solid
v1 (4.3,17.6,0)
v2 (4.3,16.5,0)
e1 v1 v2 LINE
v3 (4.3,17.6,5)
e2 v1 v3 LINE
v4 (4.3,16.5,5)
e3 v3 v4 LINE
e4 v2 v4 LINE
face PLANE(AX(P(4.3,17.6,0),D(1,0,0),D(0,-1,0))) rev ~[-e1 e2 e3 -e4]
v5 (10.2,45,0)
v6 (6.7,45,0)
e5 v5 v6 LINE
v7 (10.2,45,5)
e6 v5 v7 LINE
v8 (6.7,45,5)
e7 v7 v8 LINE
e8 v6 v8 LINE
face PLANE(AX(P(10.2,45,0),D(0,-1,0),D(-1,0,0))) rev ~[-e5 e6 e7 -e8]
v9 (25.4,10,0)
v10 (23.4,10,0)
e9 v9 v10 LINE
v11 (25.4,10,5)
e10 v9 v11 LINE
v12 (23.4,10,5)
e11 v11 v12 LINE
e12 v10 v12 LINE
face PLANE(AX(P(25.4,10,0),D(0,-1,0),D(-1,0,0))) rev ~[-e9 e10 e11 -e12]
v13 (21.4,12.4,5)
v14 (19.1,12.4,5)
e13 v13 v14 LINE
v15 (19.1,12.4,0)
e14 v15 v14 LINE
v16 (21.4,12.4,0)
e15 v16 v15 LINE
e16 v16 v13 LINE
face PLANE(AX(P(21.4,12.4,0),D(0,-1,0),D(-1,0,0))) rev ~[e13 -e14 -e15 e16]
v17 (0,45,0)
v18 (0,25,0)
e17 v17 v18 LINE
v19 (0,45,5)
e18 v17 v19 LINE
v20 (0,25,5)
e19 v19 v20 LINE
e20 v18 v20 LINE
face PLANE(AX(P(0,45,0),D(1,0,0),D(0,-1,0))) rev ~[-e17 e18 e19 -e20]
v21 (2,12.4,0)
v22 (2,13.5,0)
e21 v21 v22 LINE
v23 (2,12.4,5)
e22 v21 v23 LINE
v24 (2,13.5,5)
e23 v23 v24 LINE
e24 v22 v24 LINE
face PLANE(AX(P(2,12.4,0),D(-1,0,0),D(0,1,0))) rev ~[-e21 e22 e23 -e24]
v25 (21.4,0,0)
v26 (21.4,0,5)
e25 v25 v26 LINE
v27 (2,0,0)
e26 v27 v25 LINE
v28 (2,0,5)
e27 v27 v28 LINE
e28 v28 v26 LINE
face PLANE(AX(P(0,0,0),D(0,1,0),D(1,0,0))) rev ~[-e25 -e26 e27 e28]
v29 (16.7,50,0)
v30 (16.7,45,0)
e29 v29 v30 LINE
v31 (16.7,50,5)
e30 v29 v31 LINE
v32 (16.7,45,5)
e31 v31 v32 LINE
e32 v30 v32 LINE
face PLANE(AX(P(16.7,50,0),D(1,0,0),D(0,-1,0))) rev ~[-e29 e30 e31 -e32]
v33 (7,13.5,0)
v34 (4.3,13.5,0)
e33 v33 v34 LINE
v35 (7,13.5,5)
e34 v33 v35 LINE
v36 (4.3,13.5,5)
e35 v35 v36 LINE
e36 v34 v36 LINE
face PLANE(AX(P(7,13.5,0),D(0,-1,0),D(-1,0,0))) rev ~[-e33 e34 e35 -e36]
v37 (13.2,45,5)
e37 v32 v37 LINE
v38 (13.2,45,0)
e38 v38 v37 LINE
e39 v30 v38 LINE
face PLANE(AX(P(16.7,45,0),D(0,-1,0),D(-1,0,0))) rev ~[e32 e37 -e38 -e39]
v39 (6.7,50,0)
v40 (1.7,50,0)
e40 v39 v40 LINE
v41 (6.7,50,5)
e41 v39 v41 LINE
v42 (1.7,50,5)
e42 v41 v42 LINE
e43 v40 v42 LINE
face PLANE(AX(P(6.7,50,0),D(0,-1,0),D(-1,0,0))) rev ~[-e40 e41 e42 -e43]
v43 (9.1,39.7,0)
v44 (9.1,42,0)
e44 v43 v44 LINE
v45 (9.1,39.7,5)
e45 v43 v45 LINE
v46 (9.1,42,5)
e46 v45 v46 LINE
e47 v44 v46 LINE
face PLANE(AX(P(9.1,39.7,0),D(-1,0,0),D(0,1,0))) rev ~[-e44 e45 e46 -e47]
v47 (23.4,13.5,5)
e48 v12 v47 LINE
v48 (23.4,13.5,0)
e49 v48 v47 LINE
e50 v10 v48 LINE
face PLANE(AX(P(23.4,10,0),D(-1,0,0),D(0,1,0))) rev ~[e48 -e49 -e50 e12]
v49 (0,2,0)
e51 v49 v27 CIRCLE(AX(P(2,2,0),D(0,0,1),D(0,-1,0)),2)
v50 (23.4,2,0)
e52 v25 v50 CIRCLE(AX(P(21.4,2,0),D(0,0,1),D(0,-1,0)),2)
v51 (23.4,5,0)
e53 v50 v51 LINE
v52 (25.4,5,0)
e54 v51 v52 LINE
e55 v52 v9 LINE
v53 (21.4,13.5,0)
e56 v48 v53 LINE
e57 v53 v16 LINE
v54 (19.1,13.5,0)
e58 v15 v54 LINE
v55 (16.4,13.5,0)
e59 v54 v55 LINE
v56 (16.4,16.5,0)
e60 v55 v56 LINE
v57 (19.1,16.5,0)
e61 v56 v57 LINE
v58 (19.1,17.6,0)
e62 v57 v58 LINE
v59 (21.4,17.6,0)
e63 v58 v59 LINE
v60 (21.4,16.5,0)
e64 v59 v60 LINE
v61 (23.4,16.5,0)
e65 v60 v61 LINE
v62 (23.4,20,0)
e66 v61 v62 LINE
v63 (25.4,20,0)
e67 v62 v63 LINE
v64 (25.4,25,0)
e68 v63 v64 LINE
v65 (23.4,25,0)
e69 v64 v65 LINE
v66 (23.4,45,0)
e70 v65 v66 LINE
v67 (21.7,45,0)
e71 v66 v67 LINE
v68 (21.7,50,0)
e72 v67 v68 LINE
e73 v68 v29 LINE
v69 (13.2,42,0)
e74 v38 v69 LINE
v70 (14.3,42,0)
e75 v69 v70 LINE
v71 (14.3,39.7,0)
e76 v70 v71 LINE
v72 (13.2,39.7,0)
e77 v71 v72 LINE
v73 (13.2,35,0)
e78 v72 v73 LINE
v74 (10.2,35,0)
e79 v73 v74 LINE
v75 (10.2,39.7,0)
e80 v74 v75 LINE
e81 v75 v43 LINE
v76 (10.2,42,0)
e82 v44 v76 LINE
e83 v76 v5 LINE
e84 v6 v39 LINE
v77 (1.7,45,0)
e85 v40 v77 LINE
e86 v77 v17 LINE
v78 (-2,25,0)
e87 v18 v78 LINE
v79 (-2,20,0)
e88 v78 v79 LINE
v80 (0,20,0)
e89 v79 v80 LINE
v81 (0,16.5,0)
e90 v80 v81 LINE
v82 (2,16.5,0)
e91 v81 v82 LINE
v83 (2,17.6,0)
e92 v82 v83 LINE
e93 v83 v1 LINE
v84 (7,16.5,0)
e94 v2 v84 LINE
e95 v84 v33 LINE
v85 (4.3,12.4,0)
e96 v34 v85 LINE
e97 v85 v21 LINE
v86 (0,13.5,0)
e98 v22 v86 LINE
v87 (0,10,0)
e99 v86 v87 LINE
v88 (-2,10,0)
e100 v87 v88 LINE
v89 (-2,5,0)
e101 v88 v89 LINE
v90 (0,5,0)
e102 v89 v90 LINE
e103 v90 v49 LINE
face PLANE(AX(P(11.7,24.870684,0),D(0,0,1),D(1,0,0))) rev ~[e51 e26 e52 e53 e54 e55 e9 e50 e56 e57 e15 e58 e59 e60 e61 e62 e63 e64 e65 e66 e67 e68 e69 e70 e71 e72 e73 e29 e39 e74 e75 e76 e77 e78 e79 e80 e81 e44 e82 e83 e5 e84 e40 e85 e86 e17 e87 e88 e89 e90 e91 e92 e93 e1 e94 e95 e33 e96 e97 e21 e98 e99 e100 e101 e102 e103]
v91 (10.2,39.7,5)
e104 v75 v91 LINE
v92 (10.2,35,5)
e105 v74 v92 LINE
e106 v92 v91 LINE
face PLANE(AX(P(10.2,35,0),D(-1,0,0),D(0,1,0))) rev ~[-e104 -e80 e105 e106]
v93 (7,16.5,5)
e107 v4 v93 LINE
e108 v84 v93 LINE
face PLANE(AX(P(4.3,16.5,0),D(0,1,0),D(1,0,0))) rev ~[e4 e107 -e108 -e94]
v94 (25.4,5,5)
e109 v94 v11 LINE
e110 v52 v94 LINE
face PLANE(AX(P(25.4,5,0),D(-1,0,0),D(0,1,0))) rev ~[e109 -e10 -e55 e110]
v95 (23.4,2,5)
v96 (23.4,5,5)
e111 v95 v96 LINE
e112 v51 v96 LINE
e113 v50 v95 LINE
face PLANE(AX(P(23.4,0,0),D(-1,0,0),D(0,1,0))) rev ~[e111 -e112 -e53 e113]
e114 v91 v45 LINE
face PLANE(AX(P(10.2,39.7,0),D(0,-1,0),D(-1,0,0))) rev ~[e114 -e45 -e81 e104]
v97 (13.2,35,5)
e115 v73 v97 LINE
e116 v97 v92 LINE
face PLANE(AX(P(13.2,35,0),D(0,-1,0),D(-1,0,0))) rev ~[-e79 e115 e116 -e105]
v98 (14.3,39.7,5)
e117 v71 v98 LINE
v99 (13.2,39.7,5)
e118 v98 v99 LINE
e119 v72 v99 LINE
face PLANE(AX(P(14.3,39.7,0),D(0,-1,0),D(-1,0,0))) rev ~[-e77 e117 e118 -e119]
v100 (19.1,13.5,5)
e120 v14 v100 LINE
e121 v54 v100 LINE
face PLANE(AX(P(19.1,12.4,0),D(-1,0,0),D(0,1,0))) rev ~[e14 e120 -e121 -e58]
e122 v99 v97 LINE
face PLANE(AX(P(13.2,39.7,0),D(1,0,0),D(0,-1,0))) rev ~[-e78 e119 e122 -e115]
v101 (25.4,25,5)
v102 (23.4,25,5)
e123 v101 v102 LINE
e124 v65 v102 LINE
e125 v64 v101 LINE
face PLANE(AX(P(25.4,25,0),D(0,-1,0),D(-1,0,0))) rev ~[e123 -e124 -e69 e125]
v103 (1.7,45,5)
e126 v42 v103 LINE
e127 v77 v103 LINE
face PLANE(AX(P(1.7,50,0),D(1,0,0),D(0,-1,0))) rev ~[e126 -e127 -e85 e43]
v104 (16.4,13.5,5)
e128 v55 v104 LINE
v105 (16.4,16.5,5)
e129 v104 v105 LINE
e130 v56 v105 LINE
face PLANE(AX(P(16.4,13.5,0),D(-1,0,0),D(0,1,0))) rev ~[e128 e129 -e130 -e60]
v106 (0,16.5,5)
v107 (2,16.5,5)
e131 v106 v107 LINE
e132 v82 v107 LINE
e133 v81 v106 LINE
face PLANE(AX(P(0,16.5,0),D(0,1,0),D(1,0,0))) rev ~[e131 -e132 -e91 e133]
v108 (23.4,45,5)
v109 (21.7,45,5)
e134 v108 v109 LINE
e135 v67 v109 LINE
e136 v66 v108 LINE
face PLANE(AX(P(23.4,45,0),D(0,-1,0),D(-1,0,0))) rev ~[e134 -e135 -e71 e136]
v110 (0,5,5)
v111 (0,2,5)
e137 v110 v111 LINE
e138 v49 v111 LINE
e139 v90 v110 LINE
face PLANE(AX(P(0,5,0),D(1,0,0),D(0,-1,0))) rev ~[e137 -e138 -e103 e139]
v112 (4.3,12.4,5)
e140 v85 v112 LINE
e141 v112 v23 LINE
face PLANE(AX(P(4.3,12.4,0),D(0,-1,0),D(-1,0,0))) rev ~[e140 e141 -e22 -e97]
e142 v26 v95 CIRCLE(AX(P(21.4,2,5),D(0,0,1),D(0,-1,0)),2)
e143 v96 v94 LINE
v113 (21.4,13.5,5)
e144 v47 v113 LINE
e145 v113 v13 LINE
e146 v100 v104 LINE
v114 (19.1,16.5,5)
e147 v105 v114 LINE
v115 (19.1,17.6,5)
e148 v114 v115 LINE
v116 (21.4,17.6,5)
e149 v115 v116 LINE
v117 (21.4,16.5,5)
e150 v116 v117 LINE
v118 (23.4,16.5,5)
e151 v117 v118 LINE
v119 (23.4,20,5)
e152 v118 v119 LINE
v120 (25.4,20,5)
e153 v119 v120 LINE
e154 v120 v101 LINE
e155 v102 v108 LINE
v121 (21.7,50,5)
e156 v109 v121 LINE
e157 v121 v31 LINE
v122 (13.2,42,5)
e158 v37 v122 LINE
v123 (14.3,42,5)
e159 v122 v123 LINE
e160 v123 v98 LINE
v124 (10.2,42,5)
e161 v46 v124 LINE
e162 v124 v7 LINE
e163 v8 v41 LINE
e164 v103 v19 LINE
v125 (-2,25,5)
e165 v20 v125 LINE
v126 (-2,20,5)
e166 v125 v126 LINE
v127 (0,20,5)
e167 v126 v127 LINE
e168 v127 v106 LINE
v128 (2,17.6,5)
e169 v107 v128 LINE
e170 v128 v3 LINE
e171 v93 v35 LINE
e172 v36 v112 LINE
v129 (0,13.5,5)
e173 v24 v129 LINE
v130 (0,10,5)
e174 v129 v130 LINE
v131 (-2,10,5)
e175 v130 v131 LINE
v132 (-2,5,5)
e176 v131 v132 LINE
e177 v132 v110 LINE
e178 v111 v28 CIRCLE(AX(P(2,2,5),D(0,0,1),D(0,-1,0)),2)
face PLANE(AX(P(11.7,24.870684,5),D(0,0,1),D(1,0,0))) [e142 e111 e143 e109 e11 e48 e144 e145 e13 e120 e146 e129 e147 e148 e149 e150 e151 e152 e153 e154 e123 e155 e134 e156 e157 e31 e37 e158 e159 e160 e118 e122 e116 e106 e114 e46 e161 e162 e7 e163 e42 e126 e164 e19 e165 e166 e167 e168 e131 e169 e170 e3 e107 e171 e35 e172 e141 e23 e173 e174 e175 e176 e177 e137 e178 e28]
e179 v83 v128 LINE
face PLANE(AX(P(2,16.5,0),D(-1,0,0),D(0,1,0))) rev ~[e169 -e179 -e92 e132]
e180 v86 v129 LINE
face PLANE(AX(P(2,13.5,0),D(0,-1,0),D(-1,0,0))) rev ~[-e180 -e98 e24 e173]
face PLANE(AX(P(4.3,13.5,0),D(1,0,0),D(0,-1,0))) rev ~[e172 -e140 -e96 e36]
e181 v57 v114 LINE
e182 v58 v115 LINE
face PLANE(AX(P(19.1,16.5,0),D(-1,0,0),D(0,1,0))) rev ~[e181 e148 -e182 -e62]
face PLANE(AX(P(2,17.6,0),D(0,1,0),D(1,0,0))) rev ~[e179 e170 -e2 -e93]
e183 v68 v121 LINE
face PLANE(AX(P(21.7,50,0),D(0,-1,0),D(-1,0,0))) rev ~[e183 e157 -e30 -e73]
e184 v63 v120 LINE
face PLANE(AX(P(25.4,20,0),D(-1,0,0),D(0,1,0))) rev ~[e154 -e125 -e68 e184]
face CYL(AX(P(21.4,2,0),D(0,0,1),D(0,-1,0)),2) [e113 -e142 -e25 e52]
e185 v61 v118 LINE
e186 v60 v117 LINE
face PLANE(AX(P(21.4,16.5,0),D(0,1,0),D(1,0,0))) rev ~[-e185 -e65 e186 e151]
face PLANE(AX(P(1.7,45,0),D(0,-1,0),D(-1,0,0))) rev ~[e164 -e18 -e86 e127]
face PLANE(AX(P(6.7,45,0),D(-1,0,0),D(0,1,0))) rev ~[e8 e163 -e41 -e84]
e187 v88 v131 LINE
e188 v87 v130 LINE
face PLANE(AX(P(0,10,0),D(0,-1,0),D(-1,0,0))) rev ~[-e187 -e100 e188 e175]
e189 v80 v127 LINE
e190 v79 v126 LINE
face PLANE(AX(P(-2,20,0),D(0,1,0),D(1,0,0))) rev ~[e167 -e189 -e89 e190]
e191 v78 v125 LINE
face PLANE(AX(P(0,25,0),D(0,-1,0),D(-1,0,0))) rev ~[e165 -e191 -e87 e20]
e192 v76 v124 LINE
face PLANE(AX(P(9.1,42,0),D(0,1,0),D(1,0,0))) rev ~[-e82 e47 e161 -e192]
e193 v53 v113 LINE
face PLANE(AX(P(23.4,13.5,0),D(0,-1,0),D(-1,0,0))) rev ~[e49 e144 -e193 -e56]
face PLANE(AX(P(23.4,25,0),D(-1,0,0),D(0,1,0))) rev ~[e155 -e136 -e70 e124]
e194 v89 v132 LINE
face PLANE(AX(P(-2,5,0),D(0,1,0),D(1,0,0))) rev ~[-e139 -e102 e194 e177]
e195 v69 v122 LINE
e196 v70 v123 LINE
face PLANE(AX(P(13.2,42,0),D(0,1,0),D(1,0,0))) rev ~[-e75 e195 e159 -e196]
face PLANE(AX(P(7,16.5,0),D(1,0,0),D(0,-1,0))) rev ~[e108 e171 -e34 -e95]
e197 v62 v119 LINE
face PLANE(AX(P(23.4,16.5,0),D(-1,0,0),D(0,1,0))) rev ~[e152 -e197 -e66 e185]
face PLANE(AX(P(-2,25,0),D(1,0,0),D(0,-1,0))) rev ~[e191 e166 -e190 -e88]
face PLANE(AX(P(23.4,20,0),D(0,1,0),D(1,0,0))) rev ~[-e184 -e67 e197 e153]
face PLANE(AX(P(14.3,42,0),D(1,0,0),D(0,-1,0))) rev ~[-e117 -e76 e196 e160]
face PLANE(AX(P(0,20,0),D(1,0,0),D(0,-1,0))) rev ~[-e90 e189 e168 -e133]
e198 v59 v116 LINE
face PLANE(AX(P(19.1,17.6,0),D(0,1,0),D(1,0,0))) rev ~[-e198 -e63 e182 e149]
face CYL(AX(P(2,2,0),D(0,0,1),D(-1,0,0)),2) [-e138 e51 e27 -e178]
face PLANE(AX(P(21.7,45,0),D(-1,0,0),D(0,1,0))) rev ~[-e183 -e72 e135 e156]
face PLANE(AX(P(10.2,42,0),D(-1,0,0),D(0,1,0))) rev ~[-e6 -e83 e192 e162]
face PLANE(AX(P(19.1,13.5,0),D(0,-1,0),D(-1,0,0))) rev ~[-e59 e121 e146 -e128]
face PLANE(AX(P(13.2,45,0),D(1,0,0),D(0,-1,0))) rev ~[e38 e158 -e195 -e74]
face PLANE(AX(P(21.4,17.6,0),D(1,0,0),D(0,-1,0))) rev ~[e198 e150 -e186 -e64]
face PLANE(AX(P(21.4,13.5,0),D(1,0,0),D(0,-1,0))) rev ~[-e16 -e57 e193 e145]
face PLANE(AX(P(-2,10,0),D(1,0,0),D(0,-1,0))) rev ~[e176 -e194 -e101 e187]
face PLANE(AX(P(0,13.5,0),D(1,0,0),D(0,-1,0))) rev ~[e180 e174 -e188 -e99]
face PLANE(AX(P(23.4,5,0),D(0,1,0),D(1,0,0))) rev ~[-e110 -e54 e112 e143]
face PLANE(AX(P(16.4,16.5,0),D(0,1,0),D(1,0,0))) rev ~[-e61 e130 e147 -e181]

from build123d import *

# Parameters (mm, degrees)
BOSS_EXTRU_1_DEPTH = 5
FILLET1_R          = 2


with BuildPart() as part:
    # Esquisse1 → Boss.-Extru.1 (new body)
    with BuildSketch(Plane.XY):
        Polygon((1.7, 50), (1.7, 45), (0, 45), (0, 25), (-2, 25), (-2, 20), (0, 20), (0, 16.5), (2, 16.5), (2, 17.6), (4.3, 17.6), (4.3, 16.5), (7, 16.5), (7, 13.5), (4.3, 13.5), (4.3, 12.4), (2, 12.4), (2, 13.5), (0, 13.5), (0, 10), (-2, 10), (-2, 5), (0, 5), (0, 0), (23.4, 0), (23.4, 5), (25.4, 5), (25.4, 10), (23.4, 10), (23.4, 13.5), (21.4, 13.5), (21.4, 12.4), (19.1, 12.4), (19.1, 13.5), (16.4, 13.5), (16.4, 16.5), (19.1, 16.5), (19.1, 17.6), (21.4, 17.6), (21.4, 16.5), (23.4, 16.5), (23.4, 20), (25.4, 20), (25.4, 25), (23.4, 25), (23.4, 45), (21.7, 45), (21.7, 50), (16.7, 50), (16.7, 45), (13.2, 45), (13.2, 42), (14.3, 42), (14.3, 39.7), (13.2, 39.7), (13.2, 35), (10.2, 35), (10.2, 39.7), (9.1, 39.7), (9.1, 42), (10.2, 42), (10.2, 45), (6.7, 45), (6.7, 50), align=None)
    extrude(amount=BOSS_EXTRU_1_DEPTH)

    # Fillet1
    fillet1_edges = [part.edges().sort_by_distance(p)[0] for p in [
        (23.4, 0, 2.5),
        (0, 0, 2.5),
    ]]
    fillet(fillet1_edges, radius=FILLET1_R)


solid = part.part
